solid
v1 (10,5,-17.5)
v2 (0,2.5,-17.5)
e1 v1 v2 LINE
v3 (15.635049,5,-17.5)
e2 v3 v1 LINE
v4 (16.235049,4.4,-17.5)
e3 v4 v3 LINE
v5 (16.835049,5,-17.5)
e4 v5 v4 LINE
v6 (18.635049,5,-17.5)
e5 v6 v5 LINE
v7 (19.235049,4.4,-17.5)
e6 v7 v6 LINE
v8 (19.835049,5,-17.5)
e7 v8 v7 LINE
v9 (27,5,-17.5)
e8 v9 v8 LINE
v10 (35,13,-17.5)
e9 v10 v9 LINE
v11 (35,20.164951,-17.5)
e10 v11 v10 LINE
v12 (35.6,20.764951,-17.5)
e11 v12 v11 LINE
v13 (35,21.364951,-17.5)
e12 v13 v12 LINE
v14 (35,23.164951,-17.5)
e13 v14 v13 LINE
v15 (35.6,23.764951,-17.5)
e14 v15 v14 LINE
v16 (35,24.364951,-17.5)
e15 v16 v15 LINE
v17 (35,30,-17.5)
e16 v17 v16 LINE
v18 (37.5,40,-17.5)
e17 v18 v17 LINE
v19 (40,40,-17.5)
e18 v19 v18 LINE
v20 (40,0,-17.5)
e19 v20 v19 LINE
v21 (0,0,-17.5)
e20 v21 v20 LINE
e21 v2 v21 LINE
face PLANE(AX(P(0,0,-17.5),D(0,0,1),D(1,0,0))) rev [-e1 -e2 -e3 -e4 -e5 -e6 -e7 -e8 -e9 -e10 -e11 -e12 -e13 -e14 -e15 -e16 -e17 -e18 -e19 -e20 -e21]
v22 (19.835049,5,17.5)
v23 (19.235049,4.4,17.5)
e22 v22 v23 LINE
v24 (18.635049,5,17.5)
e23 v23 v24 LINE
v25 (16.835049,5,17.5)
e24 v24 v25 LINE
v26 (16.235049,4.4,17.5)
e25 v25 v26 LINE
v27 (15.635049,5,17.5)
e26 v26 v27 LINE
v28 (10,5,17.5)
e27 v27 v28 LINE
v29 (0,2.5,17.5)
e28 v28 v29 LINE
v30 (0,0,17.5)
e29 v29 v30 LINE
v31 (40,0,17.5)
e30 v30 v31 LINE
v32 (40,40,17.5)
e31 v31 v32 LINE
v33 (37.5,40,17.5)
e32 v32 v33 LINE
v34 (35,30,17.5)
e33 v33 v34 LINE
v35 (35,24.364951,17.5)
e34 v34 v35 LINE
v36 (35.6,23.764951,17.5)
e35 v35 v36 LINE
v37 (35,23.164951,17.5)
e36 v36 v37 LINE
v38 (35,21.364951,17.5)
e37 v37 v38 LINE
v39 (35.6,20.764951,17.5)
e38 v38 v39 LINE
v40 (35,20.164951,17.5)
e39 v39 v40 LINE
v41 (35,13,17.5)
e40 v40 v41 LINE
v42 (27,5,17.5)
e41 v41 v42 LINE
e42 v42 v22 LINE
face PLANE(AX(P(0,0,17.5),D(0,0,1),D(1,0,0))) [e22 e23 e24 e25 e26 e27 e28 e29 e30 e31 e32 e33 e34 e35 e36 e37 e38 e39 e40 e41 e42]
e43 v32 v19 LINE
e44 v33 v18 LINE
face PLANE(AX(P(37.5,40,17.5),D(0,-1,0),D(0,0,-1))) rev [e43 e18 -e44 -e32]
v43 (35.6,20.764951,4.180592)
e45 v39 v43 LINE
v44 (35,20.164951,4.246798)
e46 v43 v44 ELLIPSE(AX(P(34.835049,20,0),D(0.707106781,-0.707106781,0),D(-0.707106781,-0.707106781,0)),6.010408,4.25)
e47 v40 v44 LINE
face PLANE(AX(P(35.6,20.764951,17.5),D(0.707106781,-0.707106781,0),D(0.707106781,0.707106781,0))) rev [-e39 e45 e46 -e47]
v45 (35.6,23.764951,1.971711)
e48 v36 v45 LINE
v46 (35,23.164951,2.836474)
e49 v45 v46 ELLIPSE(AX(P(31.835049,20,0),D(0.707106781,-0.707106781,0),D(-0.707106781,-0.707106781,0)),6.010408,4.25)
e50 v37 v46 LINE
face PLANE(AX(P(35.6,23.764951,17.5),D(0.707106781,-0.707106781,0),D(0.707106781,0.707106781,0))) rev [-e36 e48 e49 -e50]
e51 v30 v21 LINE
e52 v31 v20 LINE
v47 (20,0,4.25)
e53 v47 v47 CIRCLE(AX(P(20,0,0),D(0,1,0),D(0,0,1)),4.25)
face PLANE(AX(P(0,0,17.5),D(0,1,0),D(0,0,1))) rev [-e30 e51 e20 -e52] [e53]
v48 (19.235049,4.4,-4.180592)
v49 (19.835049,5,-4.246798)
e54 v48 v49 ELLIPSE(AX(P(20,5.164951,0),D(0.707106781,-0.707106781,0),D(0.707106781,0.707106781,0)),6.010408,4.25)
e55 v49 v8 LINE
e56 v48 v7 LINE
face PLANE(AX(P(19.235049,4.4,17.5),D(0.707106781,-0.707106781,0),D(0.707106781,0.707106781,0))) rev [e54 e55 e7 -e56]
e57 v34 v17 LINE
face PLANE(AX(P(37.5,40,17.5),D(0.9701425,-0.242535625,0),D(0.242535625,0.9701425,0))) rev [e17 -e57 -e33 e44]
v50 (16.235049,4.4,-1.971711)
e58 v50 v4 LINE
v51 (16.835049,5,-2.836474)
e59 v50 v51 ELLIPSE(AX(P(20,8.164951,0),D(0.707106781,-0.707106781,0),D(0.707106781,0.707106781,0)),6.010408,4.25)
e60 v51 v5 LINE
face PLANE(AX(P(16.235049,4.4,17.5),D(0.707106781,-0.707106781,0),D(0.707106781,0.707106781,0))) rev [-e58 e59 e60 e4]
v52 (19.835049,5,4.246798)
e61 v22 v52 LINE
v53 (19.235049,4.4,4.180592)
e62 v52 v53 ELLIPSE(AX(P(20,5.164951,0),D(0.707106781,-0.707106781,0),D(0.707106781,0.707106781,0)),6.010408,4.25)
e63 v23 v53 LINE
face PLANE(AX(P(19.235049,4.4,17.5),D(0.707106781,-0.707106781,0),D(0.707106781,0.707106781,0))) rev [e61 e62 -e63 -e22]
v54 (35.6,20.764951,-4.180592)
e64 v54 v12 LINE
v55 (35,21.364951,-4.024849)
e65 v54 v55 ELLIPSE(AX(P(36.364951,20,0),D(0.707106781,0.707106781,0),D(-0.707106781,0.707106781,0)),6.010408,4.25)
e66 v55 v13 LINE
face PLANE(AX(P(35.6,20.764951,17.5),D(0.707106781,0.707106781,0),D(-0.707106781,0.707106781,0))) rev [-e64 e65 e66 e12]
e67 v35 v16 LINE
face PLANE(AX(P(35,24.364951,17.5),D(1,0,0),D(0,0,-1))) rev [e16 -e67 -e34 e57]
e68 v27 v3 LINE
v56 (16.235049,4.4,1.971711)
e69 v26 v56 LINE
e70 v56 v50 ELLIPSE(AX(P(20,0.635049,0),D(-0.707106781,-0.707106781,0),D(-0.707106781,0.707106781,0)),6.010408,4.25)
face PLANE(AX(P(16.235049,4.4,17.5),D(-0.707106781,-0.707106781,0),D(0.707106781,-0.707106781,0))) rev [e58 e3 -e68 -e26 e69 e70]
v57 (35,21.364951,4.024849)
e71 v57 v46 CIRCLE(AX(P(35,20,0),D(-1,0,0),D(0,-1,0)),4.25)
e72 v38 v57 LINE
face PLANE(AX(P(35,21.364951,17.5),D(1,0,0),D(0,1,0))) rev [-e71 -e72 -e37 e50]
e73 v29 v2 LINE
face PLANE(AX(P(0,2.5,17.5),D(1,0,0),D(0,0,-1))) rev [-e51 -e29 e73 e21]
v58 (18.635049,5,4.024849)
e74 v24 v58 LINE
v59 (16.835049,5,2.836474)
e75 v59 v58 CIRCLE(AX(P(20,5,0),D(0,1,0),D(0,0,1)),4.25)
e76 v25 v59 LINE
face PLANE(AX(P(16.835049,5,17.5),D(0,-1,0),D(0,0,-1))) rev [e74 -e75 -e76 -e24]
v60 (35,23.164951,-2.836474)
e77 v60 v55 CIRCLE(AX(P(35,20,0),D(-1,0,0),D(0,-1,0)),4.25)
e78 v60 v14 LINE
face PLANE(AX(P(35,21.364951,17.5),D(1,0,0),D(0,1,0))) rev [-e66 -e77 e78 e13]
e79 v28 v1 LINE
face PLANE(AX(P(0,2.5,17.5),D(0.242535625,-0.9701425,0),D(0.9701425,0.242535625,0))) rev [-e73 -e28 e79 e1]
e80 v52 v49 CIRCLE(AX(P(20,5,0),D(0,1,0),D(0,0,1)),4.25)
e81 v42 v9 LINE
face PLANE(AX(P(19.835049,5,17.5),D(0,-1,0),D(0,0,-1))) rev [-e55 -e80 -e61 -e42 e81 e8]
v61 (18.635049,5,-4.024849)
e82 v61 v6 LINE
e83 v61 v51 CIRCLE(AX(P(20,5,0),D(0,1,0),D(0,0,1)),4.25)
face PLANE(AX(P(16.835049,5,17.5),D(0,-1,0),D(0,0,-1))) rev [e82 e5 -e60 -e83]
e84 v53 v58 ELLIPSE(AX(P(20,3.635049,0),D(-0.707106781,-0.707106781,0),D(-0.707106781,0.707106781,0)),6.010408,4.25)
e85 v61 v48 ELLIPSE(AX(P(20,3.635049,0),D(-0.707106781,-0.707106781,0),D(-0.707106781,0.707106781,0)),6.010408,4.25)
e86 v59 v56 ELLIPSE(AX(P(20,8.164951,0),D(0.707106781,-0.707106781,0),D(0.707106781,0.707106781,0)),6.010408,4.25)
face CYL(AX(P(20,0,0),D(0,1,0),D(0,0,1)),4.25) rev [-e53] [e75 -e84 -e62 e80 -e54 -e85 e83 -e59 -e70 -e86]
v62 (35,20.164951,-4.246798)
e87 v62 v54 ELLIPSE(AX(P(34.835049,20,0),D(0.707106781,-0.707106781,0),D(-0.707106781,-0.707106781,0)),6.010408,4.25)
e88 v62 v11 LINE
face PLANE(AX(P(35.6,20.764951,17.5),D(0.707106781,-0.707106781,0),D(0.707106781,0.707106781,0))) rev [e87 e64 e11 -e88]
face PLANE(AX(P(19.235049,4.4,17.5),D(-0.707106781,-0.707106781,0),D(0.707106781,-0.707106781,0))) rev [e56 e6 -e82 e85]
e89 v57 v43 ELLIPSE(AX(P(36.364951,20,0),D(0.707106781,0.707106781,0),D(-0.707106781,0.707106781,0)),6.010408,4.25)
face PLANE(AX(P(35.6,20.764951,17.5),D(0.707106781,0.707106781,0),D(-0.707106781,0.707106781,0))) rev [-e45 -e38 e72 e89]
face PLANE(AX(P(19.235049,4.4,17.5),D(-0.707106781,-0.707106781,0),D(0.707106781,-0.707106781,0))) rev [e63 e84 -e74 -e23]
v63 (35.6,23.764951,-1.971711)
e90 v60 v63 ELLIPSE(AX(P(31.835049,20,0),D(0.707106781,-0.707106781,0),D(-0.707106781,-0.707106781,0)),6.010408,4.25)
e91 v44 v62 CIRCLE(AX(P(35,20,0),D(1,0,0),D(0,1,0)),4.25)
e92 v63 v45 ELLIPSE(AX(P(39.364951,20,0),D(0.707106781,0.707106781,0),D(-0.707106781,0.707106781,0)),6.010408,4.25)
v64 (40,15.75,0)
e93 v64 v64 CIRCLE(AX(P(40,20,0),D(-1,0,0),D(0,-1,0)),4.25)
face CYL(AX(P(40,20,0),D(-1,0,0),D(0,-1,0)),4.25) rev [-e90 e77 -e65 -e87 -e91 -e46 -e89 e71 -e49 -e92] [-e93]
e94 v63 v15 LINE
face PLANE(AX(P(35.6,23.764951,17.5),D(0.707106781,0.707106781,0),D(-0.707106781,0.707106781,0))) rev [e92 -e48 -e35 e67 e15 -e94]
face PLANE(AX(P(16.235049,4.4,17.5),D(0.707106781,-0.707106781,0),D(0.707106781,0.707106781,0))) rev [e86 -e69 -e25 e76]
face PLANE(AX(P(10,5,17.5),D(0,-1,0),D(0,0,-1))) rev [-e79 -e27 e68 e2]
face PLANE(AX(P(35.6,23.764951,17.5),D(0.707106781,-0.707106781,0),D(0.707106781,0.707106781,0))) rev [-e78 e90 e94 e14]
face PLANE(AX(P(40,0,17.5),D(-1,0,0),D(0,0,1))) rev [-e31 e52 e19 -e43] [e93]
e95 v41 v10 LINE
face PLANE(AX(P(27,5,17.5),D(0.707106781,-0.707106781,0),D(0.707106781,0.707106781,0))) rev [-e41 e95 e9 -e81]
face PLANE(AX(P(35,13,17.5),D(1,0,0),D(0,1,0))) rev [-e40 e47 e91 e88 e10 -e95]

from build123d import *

# Parameters (mm, degrees)
EXTRUDE_1_DEPTH     = 17.5
SKETCH_3_R          = 4.25
CUT_EXTRUDE_1_DEPTH = 56.957573214
SKETCH_4_R          = 4.25
CUT_EXTRUDE_2_DEPTH = 56.957573214


with BuildPart() as part:
    # 草图1 → 凸台-拉伸1 (new, symmetric)
    with BuildSketch(Plane.XY):
        Polygon((0, 0), (40, 0), (40, 40), (37.5, 40), (35, 30), (35, 24.364950833), (35.6, 23.764950833), (35, 23.164950833), (35, 21.364950833), (35.6, 20.764950833), (35, 20.164950833), (35, 13), (27, 5), (19.835049167, 5), (19.235049167, 4.4), (18.635049167, 5), (16.835049167, 5), (16.235049167, 4.4), (15.635049167, 5), (10, 5), (0, 2.5), align=None)
    extrude(amount=EXTRUDE_1_DEPTH, both=True)

    # 草图3 → 切除-拉伸1 (cut, through all)
    with BuildSketch(Plane(origin=(0, 5, 0), x_dir=(1, 0, 0), z_dir=(0, 1, 0))):
        with Locations(Location((20, 0, 0), (0, 0, 270))):
            Circle(SKETCH_3_R)
    extrude(amount=-CUT_EXTRUDE_1_DEPTH, mode=Mode.SUBTRACT)

    # 草图4 → 切除-拉伸2 (cut, through all)
    with BuildSketch(Plane.ZY.offset(-35)):
        with Locations(Location((0, 20, 0), (0, 0, 270))):
            Circle(SKETCH_4_R)
    extrude(amount=-CUT_EXTRUDE_2_DEPTH, mode=Mode.SUBTRACT)


solid = part.part
